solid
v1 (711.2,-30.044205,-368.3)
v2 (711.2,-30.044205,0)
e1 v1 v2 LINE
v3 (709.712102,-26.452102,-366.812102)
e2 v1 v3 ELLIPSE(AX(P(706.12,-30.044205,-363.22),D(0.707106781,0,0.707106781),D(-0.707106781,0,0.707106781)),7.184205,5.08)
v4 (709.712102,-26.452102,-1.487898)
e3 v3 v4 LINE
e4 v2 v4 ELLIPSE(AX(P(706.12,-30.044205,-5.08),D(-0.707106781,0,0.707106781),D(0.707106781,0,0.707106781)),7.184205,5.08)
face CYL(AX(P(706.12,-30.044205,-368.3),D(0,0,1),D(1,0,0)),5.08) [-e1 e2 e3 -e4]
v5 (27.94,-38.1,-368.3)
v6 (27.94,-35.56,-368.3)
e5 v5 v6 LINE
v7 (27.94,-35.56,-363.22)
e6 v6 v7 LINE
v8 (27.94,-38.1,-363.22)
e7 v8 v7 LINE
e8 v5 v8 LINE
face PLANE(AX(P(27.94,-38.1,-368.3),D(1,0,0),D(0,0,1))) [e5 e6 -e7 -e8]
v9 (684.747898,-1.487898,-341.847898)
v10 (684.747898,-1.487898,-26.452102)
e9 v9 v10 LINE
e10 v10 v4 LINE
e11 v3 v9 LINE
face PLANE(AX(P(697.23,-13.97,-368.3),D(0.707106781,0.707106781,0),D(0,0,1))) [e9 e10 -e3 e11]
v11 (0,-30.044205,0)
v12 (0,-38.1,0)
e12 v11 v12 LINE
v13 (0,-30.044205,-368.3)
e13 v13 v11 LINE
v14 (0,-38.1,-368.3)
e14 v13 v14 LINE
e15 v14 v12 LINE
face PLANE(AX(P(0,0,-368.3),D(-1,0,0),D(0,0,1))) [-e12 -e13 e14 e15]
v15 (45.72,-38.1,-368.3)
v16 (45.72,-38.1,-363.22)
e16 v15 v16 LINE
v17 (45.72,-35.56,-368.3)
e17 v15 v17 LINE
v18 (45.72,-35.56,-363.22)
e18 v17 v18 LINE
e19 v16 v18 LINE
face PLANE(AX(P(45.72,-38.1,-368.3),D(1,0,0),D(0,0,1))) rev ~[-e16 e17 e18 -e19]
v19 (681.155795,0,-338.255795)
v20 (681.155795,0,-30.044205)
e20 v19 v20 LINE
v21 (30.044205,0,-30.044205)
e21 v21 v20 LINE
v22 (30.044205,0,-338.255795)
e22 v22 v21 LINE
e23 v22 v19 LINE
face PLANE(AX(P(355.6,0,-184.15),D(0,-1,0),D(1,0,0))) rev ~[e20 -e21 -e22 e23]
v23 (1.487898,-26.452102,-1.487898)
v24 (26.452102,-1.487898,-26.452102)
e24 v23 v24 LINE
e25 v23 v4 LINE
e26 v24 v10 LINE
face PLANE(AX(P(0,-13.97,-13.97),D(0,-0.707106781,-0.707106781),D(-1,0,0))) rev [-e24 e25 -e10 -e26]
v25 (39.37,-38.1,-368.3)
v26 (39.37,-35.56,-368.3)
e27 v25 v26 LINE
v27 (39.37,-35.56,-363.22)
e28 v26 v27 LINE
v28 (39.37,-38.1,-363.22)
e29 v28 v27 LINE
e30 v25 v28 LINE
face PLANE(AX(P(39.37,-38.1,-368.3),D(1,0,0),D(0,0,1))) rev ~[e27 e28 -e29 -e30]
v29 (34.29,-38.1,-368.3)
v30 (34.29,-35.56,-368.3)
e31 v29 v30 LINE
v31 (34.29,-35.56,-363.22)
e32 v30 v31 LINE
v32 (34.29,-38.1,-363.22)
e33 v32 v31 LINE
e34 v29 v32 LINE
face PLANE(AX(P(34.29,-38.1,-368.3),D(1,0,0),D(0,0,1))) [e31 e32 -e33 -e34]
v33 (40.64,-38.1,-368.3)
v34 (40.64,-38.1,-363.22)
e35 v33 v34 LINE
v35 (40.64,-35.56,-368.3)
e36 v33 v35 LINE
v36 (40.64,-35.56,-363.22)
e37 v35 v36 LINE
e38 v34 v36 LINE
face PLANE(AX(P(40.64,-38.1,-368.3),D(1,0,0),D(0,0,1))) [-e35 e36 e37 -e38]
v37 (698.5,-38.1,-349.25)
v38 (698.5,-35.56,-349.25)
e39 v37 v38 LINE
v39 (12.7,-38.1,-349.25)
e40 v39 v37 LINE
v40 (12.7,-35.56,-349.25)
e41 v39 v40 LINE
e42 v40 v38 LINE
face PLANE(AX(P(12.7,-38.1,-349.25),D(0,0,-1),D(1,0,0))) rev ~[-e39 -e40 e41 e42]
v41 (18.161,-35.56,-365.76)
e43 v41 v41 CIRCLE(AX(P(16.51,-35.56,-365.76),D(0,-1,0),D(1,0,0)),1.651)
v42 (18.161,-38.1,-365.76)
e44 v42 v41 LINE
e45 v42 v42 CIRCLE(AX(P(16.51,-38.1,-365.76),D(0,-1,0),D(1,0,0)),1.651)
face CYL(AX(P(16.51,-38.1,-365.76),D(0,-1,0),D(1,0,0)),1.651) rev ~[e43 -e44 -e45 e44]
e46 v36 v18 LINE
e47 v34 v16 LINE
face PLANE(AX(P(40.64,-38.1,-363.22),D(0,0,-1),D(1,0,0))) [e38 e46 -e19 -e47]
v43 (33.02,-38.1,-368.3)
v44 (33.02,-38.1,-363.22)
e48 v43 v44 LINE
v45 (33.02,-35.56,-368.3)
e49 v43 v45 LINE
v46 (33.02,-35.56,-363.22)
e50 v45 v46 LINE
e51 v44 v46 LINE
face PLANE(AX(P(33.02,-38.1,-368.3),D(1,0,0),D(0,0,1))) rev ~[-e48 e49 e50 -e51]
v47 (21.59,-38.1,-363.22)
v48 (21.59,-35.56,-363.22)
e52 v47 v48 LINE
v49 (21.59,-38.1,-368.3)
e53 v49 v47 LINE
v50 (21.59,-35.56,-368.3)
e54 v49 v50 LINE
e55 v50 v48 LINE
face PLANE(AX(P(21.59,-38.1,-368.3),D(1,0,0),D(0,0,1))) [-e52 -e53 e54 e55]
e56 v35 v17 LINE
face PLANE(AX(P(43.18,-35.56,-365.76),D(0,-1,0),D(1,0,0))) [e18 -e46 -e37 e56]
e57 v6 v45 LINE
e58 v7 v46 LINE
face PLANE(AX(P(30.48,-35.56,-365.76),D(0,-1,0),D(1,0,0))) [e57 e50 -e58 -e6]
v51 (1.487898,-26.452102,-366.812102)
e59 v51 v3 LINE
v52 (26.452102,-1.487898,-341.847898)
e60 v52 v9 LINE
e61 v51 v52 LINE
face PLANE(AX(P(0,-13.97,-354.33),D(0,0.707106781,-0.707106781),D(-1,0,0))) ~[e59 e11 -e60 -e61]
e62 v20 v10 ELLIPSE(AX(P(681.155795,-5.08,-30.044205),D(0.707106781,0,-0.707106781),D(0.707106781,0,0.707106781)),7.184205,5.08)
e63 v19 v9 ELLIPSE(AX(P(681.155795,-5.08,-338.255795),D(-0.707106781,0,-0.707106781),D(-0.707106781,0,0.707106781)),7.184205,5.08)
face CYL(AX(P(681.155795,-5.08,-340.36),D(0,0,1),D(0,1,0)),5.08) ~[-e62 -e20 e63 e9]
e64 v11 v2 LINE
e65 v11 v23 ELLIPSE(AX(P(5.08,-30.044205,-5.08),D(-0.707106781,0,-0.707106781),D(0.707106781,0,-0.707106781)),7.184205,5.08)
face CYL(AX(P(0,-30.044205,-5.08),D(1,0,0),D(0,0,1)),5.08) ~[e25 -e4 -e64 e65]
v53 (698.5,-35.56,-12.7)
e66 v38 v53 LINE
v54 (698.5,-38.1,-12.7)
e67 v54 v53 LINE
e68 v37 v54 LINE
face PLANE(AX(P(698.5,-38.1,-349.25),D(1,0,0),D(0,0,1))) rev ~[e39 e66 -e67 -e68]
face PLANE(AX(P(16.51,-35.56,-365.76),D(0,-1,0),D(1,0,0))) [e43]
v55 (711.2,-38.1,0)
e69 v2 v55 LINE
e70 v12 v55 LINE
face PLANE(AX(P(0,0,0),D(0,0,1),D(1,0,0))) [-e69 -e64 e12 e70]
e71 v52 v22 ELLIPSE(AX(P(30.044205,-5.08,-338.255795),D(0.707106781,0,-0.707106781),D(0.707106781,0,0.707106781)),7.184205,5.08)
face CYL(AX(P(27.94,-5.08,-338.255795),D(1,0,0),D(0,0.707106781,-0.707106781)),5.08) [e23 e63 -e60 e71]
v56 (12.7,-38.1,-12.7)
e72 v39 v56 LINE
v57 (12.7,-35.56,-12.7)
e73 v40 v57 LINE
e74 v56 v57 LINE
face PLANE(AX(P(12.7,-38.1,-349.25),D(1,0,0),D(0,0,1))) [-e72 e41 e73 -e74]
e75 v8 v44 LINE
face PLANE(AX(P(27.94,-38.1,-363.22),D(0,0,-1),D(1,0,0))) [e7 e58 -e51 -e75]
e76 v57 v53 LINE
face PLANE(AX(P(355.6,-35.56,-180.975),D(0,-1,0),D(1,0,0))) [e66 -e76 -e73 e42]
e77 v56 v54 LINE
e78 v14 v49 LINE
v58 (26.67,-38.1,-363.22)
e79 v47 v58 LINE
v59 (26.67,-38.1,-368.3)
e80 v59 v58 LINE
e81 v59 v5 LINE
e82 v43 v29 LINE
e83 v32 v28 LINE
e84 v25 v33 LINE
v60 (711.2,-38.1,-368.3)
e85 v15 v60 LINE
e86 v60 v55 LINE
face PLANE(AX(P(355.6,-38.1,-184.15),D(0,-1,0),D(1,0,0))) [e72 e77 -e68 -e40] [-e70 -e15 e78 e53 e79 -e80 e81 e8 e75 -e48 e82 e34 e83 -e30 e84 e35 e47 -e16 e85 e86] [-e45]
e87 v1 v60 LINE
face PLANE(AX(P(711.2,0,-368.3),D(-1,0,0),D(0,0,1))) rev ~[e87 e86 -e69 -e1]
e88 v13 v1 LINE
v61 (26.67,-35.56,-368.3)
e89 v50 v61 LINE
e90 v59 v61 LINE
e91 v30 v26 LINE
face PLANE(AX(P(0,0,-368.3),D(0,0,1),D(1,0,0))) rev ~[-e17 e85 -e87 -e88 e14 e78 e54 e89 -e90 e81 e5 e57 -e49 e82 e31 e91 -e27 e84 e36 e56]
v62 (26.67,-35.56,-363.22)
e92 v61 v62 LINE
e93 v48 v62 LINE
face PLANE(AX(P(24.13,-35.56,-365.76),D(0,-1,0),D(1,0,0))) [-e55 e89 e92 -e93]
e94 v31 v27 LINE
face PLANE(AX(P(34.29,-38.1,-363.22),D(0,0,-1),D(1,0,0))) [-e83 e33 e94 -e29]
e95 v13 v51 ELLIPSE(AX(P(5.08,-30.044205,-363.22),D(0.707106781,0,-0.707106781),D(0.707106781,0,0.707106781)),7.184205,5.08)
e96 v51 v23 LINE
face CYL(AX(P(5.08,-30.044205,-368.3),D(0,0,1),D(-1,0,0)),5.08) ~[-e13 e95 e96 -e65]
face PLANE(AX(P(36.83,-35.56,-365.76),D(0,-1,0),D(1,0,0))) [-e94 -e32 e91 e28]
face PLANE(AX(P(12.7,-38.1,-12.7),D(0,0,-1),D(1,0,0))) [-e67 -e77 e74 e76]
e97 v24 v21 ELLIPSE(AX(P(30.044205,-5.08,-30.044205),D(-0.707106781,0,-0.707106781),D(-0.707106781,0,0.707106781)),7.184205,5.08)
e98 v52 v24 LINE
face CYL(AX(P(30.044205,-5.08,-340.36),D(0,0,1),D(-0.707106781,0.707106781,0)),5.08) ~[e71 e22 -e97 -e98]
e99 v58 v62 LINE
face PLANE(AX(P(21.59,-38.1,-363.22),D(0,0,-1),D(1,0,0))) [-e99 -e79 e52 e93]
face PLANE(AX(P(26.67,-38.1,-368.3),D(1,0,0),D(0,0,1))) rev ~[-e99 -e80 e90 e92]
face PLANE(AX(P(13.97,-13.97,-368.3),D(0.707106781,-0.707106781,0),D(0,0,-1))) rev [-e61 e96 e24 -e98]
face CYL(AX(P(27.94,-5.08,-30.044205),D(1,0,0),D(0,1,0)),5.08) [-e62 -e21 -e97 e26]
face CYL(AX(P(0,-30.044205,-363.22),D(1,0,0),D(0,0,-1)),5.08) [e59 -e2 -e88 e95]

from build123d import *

# Parameters (mm, degrees)
F0_W     = 711.2
F0_H     = 368.3
F1_DEPTH = 38.1
F2_W     = 685.8
F2_H     = 336.55
F3_DEPTH = 2.54
F4_W     = 5.08
F4_H     = 5.08
F4_R     = 1.651
F5_DEPTH = 2.54
F6_DEPTH = 2.54
F7_SIZE  = 27.94
F8_R     = 5.08


with BuildPart() as f1:
    # F0 (on Front) → F1 (new body)
    with BuildSketch(Plane.XZ):
        with Locations((355.6, -184.15)):
            Rectangle(F0_W, F0_H)
    extrude(amount=F1_DEPTH)

    # F2 (on face) → F3 (cut)
    with BuildSketch(Plane.XZ.offset(38.1)):
        with Locations((355.6, -180.975)):
            Rectangle(F2_W, F2_H)
    extrude(amount=-F3_DEPTH, mode=Mode.SUBTRACT)

    # F4 (on face) → F5 (cut)
    with BuildSketch(Plane.XZ.offset(38.1)):
        with Locations((24.13, -365.76)):
            Rectangle(F4_W, F4_H)
        with Locations((43.18, -365.76)):
            Rectangle(F4_W, F4_H)
        with Locations((36.83, -365.76)):
            Rectangle(F4_W, F4_H)
        with Locations((30.48, -365.76)):
            Rectangle(F4_W, F4_H)
        with Locations((16.51, -365.76)):
            Circle(F4_R)
    extrude(amount=-F5_DEPTH, mode=Mode.SUBTRACT)

    # F4 (on face) → F6 (cut)
    with BuildSketch(Plane.XZ.offset(38.1)):
        with Locations((24.13, -365.76)):
            Rectangle(F4_W, F4_H)
        with Locations((43.18, -365.76)):
            Rectangle(F4_W, F4_H)
        with Locations((36.83, -365.76)):
            Rectangle(F4_W, F4_H)
        with Locations((30.48, -365.76)):
            Rectangle(F4_W, F4_H)
        with Locations((16.51, -365.76)):
            Circle(F4_R)
    extrude(amount=-F6_DEPTH, mode=Mode.SUBTRACT)

    # F7
    f7_edges = [f1.edges().sort_by_distance(p)[0] for p in [
        (355.6, 0, -368.3),
        (0, 0, -184.15),
        (711.2, 0, -184.15),
        (355.6, 0, 0),
    ]]
    chamfer(f7_edges, length=F7_SIZE)

    # F8
    f8_edges = [f1.edges().sort_by_distance(p)[0] for p in [
        (683.26, 0, -184.15),
        (355.6, 0, -340.36),
        (27.94, 0, -184.15),
        (355.6, 0, -27.94),
        (711.2, -27.94, -184.15),
        (355.6, -27.94, 0),
        (355.6, -27.94, -368.3),
        (0, -27.94, -184.15),
    ]]
    fillet(f8_edges, radius=F8_R)


solid = f1.part
